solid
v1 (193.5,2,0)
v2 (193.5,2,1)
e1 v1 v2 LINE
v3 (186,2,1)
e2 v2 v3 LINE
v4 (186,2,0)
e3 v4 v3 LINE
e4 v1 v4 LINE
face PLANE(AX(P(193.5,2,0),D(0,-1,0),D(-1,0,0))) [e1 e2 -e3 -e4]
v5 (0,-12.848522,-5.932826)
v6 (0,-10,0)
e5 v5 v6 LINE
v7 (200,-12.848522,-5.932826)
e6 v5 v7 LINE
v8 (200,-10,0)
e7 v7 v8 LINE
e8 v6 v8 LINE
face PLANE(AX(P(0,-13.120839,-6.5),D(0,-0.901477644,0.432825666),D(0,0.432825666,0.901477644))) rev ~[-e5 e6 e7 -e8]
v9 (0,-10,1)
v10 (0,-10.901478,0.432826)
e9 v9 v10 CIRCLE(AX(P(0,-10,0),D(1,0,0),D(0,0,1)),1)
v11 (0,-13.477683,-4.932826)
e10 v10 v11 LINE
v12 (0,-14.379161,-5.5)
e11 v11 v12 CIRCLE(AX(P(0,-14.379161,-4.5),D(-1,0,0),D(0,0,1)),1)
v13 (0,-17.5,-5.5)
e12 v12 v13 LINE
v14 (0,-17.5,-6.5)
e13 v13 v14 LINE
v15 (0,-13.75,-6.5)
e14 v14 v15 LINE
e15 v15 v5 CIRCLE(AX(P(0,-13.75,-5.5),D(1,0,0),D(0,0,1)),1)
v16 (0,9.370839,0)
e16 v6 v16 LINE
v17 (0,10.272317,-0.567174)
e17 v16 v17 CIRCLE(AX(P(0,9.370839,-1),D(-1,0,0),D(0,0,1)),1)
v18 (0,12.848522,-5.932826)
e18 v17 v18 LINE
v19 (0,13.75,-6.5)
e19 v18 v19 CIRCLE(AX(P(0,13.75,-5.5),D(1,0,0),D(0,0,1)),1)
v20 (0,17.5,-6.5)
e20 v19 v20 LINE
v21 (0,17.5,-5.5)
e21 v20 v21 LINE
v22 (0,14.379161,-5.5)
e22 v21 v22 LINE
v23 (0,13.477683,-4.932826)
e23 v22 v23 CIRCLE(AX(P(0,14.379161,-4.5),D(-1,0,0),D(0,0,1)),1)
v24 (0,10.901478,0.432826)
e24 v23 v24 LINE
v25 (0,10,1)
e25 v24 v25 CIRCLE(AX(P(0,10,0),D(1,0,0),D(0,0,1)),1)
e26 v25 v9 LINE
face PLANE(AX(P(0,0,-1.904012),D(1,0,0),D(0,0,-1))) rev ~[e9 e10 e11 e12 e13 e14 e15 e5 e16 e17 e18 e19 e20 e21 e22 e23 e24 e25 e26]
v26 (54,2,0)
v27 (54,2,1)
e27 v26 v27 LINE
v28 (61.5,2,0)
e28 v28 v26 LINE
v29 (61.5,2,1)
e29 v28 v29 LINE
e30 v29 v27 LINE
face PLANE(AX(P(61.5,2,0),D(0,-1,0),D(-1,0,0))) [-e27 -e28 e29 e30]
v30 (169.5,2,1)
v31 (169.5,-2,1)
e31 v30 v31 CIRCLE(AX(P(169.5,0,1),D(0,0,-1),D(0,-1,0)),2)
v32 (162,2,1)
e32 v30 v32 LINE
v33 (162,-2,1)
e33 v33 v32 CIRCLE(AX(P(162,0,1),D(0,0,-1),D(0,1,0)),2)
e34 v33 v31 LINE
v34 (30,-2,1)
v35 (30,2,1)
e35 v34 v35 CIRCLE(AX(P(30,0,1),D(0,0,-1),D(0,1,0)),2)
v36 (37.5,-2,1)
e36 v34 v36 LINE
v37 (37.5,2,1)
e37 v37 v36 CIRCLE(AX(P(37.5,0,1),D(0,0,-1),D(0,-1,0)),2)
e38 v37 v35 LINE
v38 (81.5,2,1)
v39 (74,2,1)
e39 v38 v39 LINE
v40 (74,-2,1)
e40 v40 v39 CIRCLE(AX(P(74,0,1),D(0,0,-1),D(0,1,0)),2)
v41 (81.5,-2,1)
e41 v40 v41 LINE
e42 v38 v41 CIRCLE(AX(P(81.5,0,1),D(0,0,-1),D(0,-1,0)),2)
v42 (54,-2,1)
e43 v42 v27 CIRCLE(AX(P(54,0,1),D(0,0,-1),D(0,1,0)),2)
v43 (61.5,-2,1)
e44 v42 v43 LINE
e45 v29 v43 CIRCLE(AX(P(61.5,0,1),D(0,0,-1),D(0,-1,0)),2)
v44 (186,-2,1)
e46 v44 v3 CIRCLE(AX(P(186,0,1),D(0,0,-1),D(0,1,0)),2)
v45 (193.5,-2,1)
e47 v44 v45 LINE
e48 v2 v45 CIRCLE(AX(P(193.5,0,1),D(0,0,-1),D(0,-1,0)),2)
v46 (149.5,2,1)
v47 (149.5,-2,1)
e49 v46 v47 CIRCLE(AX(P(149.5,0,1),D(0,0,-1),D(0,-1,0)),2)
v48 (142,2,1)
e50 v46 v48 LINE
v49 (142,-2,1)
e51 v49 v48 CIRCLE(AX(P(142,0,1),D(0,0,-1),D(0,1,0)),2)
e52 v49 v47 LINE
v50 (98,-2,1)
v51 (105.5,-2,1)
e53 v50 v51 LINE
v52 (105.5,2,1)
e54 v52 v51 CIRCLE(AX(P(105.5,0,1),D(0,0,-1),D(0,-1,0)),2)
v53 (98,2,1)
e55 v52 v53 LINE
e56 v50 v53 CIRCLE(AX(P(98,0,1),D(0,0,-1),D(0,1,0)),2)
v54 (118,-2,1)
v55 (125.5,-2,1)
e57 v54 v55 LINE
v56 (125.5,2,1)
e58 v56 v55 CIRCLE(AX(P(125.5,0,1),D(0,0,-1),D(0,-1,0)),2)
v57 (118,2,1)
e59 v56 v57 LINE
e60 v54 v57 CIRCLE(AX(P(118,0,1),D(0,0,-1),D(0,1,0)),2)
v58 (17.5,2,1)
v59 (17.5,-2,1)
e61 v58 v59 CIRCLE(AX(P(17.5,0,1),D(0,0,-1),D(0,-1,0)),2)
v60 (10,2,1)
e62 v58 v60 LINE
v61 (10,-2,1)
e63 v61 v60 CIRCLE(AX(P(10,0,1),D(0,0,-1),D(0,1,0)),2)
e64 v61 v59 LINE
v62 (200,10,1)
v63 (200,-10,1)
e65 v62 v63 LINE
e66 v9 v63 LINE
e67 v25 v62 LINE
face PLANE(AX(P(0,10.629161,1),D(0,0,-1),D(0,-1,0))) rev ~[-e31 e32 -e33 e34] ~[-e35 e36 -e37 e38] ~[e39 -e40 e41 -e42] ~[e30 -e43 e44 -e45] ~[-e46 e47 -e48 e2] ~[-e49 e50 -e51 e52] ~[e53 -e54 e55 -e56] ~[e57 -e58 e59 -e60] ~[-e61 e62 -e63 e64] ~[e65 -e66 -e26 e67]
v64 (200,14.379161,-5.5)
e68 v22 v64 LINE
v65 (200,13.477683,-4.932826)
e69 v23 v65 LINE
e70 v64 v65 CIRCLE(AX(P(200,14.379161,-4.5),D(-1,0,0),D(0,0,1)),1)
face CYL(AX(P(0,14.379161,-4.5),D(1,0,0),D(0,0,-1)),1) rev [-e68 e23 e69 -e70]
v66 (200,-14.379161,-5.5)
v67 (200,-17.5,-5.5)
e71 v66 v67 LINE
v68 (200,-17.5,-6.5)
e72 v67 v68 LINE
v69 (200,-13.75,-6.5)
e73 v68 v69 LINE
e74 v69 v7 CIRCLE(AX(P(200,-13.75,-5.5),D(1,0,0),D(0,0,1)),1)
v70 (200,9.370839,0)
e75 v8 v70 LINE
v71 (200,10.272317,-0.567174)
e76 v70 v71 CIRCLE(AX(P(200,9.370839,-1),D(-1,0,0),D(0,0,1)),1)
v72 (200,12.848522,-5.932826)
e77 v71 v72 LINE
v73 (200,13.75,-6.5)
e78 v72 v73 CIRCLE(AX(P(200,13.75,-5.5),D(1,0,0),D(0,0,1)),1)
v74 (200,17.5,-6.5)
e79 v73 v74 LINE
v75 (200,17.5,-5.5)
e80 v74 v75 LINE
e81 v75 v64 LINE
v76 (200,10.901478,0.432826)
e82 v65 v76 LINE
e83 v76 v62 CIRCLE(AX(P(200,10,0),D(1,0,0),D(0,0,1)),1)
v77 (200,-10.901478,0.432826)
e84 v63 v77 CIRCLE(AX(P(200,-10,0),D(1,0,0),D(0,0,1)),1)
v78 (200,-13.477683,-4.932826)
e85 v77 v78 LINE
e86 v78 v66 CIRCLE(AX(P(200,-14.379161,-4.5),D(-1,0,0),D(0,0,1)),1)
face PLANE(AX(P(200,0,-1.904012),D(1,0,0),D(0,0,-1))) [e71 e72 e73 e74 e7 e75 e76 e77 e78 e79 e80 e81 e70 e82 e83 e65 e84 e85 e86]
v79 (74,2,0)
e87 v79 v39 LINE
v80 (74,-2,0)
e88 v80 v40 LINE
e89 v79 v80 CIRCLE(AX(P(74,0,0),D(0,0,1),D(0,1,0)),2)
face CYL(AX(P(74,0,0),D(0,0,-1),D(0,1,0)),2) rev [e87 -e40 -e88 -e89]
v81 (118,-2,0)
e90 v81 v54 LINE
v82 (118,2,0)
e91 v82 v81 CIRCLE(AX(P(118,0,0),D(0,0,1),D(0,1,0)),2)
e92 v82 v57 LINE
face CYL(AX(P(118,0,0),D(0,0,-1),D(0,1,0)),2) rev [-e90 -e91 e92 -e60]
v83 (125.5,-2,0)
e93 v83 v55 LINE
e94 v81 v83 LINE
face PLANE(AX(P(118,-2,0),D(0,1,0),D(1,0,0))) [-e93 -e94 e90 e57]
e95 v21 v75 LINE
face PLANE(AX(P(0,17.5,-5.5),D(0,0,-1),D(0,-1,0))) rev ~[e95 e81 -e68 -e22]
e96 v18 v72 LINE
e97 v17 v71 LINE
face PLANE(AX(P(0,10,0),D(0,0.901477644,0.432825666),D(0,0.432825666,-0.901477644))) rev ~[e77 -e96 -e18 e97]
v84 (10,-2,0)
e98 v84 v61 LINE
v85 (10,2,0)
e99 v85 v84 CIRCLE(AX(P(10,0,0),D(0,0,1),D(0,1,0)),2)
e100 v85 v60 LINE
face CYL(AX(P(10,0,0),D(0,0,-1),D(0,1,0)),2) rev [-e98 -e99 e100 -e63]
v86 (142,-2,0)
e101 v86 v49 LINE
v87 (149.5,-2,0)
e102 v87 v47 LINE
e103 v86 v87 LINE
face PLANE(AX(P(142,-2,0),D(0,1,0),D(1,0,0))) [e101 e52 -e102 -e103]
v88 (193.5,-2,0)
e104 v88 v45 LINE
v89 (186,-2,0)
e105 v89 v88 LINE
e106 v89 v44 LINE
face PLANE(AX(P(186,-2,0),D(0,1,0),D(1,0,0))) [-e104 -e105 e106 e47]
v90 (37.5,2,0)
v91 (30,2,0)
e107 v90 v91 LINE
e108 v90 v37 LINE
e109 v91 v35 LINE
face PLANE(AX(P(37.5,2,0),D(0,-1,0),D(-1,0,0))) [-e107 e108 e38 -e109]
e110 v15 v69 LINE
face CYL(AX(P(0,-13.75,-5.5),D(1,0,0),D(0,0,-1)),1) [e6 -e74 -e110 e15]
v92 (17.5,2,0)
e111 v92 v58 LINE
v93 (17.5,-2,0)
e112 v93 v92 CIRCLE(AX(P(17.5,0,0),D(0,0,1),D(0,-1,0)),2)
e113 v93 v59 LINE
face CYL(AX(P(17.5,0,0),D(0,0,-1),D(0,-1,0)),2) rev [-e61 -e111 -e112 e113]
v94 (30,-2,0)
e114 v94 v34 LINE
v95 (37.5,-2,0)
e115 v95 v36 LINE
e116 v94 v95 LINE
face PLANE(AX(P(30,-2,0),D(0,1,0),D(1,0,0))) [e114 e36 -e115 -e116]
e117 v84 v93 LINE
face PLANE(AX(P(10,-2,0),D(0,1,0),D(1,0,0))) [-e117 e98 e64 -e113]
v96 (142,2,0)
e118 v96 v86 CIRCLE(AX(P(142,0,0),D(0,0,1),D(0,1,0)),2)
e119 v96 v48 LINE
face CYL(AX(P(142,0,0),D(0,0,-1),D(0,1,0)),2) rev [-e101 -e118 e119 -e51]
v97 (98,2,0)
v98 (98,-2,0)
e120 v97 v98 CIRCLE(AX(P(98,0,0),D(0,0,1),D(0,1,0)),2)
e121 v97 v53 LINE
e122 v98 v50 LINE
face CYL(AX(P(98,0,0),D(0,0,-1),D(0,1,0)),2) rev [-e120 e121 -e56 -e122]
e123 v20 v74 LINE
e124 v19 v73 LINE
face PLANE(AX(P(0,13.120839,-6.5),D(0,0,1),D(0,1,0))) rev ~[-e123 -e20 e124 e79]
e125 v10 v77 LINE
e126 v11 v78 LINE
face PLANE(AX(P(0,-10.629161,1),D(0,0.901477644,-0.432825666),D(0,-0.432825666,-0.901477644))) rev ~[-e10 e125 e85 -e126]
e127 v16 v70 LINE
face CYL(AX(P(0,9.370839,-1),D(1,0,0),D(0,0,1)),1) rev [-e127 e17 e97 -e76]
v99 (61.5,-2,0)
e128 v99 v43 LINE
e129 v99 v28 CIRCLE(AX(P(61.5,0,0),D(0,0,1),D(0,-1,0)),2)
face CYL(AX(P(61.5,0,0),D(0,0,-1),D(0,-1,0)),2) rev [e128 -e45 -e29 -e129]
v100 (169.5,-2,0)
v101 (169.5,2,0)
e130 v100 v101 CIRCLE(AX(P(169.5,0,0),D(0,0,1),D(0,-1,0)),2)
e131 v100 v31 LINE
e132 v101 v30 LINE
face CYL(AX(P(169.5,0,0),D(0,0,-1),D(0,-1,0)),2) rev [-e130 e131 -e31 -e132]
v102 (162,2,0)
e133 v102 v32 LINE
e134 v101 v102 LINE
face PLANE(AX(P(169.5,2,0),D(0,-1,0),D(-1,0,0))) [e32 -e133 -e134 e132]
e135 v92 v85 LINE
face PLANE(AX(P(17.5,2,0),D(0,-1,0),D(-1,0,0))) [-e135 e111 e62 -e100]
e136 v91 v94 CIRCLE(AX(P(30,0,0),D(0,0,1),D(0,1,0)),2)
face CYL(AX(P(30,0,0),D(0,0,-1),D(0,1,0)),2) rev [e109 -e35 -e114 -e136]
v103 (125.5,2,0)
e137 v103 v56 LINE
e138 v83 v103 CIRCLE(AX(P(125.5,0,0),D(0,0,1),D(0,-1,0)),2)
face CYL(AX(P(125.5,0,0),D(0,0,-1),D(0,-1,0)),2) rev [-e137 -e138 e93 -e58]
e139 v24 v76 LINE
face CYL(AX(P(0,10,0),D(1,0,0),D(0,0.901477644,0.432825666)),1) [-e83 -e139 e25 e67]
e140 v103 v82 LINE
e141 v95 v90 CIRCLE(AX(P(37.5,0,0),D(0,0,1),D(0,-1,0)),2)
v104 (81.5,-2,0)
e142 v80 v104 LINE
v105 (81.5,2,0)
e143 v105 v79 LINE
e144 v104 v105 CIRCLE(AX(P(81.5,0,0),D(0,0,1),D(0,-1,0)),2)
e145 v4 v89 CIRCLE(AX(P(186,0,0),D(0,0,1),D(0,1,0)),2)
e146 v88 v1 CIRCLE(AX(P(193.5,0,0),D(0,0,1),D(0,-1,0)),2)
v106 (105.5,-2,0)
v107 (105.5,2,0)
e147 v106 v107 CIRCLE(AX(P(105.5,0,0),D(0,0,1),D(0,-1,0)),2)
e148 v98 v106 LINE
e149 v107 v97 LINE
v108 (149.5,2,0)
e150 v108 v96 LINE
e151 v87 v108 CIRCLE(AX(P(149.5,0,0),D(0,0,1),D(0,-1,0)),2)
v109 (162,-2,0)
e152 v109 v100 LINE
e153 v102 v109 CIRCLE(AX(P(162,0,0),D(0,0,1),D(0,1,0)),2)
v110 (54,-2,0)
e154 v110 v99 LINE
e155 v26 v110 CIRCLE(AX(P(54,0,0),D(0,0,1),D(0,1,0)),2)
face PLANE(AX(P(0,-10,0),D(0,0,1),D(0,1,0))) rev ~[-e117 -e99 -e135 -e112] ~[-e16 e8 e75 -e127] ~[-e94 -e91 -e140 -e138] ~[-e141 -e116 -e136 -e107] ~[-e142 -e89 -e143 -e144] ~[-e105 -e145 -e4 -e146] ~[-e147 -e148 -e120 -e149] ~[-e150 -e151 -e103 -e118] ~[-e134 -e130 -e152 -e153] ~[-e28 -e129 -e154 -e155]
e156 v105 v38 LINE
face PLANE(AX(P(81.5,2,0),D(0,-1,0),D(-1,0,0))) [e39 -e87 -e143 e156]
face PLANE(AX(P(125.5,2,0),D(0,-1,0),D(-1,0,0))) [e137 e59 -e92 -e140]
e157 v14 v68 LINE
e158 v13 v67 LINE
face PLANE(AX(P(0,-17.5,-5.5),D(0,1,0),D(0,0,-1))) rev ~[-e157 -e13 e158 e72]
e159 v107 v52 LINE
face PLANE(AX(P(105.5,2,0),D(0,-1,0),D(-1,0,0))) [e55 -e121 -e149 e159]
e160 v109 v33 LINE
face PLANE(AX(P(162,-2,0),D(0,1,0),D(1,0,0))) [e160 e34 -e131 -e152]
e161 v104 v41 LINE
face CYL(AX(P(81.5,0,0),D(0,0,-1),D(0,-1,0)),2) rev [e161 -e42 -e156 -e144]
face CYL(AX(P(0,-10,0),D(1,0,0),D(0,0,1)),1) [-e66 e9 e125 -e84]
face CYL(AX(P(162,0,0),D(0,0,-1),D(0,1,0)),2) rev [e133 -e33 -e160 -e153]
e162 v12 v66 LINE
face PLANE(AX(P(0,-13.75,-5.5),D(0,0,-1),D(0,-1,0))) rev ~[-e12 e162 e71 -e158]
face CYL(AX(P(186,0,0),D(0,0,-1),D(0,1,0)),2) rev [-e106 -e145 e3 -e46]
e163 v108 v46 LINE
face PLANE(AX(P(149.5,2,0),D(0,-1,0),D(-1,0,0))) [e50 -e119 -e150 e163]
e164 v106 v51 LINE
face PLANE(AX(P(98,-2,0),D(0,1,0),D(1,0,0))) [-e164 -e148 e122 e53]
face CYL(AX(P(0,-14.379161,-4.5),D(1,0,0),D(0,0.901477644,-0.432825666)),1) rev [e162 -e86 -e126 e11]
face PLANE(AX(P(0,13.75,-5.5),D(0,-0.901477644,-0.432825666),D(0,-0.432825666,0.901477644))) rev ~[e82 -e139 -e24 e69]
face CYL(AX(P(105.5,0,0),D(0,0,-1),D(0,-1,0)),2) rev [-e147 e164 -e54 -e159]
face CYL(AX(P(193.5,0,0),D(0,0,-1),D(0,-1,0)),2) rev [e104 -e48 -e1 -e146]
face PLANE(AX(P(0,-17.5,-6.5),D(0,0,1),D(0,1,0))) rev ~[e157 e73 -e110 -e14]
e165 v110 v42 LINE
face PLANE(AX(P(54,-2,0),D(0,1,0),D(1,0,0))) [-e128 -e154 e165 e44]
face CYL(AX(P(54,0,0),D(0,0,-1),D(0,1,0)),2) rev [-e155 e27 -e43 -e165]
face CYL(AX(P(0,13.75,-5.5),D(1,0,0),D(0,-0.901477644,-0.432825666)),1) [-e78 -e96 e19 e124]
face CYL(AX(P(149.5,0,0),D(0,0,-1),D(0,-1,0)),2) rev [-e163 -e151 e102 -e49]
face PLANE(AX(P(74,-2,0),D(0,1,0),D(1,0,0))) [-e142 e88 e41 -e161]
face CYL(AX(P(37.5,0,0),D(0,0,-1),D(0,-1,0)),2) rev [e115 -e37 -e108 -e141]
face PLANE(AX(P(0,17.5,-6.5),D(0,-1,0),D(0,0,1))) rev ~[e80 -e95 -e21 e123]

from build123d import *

# Parameters (mm, degrees)
EXTRUDE_1_DEPTH     = 200
FILLET_1_R          = 1
CUT_EXTRUDE_1_DEPTH = 10


with BuildPart() as part:
    # 草图1 → 凸台-拉伸1 (new body)
    with BuildSketch(Plane(origin=(0, 0, 0), x_dir=(0, 0, -1), z_dir=(1, 0, 0))):
        Polygon((0, -10), (0, 10), (6.5, 13.120839269), (6.5, 17.5), (5.5, 17.5), (5.5, 13.75), (-1, 10.629160731), (-1, -10.629160731), (5.5, -13.75), (5.5, -17.5), (6.5, -17.5), (6.5, -13.120839269), align=None)
    extrude(amount=EXTRUDE_1_DEPTH)

    # 圆角1
    fillet_1_edges = [part.edges().sort_by_distance(p)[0] for p in [
        (100, 10, 0),
        (100, -13.120839269, -6.5),
        (100, -13.75, -5.5),
        (100, -10.629160731, 1),
        (100, 10.629160731, 1),
        (100, 13.75, -5.5),
        (100, 13.120839269, -6.5),
    ]]
    fillet(fillet_1_edges, radius=FILLET_1_R)

    # 草图2 → 切除-拉伸1 (cut)
    with BuildSketch(Plane(origin=(0, 0, 0), x_dir=(-1, 0, 0), z_dir=(0, 0, -1))):
        with BuildLine():
            Line((-10, -2), (-17.5, -2))
            ThreePointArc((-17.5, -2), (-19.5, 0), (-17.5, 2))
            Line((-17.5, 2), (-10, 2))
            ThreePointArc((-10, 2), (-8, 0), (-10, -2))
        make_face()
        with BuildLine():
            Line((-30, -2), (-37.5, -2))
            ThreePointArc((-37.5, -2), (-39.5, 0), (-37.5, 2))
            Line((-37.5, 2), (-30, 2))
            ThreePointArc((-30, 2), (-28, 0), (-30, -2))
        make_face()
        with BuildLine():
            Line((-54, -2), (-61.5, -2))
            ThreePointArc((-61.5, -2), (-63.5, 0), (-61.5, 2))
            Line((-61.5, 2), (-54, 2))
            ThreePointArc((-54, 2), (-52, 0), (-54, -2))
        make_face()
        with BuildLine():
            Line((-74, -2), (-81.5, -2))
            ThreePointArc((-81.5, -2), (-83.5, 0), (-81.5, 2))
            Line((-81.5, 2), (-74, 2))
            ThreePointArc((-74, 2), (-72, 0), (-74, -2))
        make_face()
        with BuildLine():
            Line((-98, -2), (-105.5, -2))
            ThreePointArc((-105.5, -2), (-107.5, 0), (-105.5, 2))
            Line((-105.5, 2), (-98, 2))
            ThreePointArc((-98, 2), (-96, 0), (-98, -2))
        make_face()
        with BuildLine():
            Line((-118, -2), (-125.5, -2))
            ThreePointArc((-125.5, -2), (-127.5, 0), (-125.5, 2))
            Line((-125.5, 2), (-118, 2))
            ThreePointArc((-118, 2), (-116, 0), (-118, -2))
        make_face()
        with BuildLine():
            Line((-142, -2), (-149.5, -2))
            ThreePointArc((-149.5, -2), (-151.5, 0), (-149.5, 2))
            Line((-149.5, 2), (-142, 2))
            ThreePointArc((-142, 2), (-140, 0), (-142, -2))
        make_face()
        with BuildLine():
            Line((-162, -2), (-169.5, -2))
            ThreePointArc((-169.5, -2), (-171.5, 0), (-169.5, 2))
            Line((-169.5, 2), (-162, 2))
            ThreePointArc((-162, 2), (-160, 0), (-162, -2))
        make_face()
        with BuildLine():
            Line((-186, -2), (-193.5, -2))
            ThreePointArc((-193.5, -2), (-195.5, 0), (-193.5, 2))
            Line((-193.5, 2), (-186, 2))
            ThreePointArc((-186, 2), (-184, 0), (-186, -2))
        make_face()
        with BuildLine():
            Line((-206, -2), (-213.5, -2))
            ThreePointArc((-213.5, -2), (-215.5, 0), (-213.5, 2))
            Line((-213.5, 2), (-206, 2))
            ThreePointArc((-206, 2), (-204, 0), (-206, -2))
        make_face()
        with BuildLine():
            Line((-230, -2), (-237.5, -2))
            ThreePointArc((-237.5, -2), (-239.5, 0), (-237.5, 2))
            Line((-237.5, 2), (-230, 2))
            ThreePointArc((-230, 2), (-228, 0), (-230, -2))
        make_face()
        with BuildLine():
            Line((-250, -2), (-257.5, -2))
            ThreePointArc((-257.5, -2), (-259.5, 0), (-257.5, 2))
            Line((-257.5, 2), (-250, 2))
            ThreePointArc((-250, 2), (-248, 0), (-250, -2))
        make_face()
        with BuildLine():
            Line((-274, -2), (-281.5, -2))
            ThreePointArc((-281.5, -2), (-283.5, 0), (-281.5, 2))
            Line((-281.5, 2), (-274, 2))
            ThreePointArc((-274, 2), (-272, 0), (-274, -2))
        make_face()
        with BuildLine():
            Line((-294, -2), (-301.5, -2))
            ThreePointArc((-301.5, -2), (-303.5, 0), (-301.5, 2))
            Line((-301.5, 2), (-294, 2))
            ThreePointArc((-294, 2), (-292, 0), (-294, -2))
        make_face()
        with BuildLine():
            Line((-318, -2), (-325.5, -2))
            ThreePointArc((-325.5, -2), (-327.5, 0), (-325.5, 2))
            Line((-325.5, 2), (-318, 2))
            ThreePointArc((-318, 2), (-316, 0), (-318, -2))
        make_face()
        with BuildLine():
            Line((-338, -2), (-345.5, -2))
            ThreePointArc((-345.5, -2), (-347.5, 0), (-345.5, 2))
            Line((-345.5, 2), (-338, 2))
            ThreePointArc((-338, 2), (-336, 0), (-338, -2))
        make_face()
        with BuildLine():
            Line((-362, -2), (-369.5, -2))
            ThreePointArc((-369.5, -2), (-371.5, 0), (-369.5, 2))
            Line((-369.5, 2), (-362, 2))
            ThreePointArc((-362, 2), (-360, 0), (-362, -2))
        make_face()
        with BuildLine():
            Line((-382, -2), (-389.5, -2))
            ThreePointArc((-389.5, -2), (-391.5, 0), (-389.5, 2))
            Line((-389.5, 2), (-382, 2))
            ThreePointArc((-382, 2), (-380, 0), (-382, -2))
        make_face()
    extrude(amount=-CUT_EXTRUDE_1_DEPTH, mode=Mode.SUBTRACT)


solid = part.part
